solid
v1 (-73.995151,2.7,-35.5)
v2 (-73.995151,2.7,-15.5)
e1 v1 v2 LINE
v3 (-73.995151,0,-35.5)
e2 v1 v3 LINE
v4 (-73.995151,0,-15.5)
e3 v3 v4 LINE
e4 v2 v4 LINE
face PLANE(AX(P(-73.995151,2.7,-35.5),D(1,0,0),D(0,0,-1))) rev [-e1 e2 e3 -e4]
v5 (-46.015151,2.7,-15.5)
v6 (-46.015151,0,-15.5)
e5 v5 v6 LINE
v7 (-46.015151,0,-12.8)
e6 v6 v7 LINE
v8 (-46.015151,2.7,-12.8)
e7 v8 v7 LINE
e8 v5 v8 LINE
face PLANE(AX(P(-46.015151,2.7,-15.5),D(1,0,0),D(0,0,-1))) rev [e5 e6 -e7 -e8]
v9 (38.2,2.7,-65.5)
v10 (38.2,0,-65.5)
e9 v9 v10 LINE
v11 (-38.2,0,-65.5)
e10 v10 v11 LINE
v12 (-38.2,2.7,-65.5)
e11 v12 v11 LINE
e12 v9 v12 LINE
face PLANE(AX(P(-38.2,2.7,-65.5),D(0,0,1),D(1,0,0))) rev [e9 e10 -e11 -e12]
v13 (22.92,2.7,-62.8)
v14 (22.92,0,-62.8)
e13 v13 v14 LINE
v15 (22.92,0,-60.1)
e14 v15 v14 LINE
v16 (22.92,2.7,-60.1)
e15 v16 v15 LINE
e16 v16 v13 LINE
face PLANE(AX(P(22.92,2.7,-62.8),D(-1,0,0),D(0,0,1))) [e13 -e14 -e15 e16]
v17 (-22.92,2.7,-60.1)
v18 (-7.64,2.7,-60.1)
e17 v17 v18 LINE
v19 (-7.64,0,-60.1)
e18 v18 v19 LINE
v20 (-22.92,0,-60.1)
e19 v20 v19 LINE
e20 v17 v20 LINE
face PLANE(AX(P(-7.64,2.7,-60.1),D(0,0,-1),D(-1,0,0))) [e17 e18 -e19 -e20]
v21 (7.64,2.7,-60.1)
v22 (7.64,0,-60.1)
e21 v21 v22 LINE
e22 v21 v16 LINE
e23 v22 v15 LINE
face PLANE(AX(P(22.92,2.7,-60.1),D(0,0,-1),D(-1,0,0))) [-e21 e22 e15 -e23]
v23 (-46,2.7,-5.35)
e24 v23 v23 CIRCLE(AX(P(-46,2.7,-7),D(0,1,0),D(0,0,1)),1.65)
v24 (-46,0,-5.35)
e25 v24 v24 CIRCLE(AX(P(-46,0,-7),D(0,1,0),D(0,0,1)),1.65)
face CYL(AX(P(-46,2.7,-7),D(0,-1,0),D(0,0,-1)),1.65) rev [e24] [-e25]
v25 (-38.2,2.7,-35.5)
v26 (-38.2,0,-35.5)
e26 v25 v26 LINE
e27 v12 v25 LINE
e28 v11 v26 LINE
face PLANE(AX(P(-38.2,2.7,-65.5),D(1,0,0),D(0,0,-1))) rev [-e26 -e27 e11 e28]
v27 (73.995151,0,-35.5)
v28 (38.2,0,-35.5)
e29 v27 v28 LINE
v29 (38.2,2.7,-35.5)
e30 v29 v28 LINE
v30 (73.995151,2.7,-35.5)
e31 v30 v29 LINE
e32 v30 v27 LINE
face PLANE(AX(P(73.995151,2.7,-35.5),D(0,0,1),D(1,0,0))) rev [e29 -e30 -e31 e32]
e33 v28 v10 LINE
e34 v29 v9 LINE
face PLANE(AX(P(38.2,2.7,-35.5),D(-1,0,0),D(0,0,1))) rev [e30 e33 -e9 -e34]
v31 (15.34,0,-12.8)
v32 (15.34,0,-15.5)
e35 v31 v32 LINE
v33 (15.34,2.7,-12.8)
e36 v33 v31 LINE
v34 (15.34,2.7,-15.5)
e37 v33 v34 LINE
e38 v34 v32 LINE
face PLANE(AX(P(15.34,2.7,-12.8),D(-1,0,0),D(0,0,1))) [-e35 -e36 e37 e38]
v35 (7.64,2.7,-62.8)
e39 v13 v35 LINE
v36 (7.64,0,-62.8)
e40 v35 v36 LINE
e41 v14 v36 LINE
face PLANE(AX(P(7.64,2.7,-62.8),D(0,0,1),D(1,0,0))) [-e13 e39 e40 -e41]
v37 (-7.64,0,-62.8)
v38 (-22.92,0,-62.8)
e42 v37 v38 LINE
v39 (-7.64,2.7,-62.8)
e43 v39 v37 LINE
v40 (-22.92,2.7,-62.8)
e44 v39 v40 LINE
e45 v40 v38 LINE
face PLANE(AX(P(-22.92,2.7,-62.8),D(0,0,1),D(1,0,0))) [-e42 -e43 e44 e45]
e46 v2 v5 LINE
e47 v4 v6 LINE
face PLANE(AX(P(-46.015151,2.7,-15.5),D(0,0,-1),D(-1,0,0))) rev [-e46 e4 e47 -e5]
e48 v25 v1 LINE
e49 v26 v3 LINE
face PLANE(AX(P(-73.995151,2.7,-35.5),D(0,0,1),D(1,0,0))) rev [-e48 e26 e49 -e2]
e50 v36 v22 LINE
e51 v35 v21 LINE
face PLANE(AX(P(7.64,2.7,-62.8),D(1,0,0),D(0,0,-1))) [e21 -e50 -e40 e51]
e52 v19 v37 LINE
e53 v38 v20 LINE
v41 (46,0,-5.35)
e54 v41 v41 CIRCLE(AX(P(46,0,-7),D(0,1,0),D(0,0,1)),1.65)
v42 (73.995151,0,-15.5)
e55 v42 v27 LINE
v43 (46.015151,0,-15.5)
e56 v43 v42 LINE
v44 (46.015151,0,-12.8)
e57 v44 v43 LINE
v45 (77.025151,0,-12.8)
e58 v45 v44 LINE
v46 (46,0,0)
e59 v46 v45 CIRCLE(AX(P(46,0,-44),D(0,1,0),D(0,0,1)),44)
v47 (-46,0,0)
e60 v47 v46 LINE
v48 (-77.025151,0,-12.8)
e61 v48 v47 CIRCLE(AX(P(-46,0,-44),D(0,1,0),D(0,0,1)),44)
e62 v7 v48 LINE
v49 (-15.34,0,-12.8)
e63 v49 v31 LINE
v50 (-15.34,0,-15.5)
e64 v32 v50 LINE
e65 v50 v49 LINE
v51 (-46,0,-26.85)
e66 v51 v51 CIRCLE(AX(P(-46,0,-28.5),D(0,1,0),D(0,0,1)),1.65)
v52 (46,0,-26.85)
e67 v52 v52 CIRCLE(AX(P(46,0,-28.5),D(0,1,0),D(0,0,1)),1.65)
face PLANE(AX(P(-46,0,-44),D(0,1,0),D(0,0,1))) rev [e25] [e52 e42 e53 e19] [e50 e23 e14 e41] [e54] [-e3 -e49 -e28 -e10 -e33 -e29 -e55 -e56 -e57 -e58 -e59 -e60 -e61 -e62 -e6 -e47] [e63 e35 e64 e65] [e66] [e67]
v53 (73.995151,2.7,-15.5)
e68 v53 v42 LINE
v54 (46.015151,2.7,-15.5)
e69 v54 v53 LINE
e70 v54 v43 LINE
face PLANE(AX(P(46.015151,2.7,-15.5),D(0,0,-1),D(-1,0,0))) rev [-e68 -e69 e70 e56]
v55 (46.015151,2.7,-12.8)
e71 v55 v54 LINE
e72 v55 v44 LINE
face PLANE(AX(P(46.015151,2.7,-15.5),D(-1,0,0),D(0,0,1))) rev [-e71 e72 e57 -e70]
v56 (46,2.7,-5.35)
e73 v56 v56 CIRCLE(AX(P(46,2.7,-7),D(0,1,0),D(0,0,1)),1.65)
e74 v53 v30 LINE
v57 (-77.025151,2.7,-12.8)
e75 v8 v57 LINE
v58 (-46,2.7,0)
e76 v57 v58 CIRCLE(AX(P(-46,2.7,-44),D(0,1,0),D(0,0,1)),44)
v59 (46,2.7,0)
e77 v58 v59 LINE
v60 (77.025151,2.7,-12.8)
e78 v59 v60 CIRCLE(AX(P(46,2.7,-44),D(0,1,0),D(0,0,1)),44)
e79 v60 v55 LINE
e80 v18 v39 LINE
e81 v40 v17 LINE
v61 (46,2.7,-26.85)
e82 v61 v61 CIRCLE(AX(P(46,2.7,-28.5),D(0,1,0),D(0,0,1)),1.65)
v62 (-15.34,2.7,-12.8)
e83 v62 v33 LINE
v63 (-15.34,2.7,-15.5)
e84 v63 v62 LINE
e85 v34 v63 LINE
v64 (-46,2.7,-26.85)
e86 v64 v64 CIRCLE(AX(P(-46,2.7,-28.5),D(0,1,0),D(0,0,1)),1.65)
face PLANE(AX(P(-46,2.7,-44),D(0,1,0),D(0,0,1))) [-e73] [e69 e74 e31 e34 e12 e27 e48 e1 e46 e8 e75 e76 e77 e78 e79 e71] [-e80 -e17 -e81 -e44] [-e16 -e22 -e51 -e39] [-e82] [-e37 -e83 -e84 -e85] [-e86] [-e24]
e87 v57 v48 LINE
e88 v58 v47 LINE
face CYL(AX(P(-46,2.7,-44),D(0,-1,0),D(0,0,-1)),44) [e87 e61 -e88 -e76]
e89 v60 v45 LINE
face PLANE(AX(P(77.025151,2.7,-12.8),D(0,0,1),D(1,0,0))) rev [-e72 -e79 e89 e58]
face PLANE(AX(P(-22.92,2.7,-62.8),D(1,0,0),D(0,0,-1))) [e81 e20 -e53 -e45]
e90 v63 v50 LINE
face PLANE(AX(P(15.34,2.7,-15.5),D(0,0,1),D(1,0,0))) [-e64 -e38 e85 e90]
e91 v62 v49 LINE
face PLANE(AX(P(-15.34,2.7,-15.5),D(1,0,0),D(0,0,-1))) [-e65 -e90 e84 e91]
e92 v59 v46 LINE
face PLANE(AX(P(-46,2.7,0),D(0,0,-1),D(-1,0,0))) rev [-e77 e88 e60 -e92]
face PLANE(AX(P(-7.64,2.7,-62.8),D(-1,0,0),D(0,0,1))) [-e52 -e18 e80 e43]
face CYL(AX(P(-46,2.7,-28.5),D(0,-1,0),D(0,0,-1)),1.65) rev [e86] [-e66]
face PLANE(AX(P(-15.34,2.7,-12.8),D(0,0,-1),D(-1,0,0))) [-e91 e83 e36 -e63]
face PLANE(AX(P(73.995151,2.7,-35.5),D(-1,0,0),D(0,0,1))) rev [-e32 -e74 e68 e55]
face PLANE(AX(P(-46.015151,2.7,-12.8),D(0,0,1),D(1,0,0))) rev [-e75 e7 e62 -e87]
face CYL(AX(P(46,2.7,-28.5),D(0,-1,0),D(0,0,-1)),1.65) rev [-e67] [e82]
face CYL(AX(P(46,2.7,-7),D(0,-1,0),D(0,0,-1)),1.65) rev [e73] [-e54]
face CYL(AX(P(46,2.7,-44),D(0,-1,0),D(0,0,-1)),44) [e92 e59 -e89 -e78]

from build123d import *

# Parameters (mm, degrees)
SKETCH1_R           = 1.65
SKETCH1_W           = 30.68
SKETCH1_H           = 2.7
SKETCH1_W_2         = 15.28
BOSS_EXTRUDE1_DEPTH = 2.7


with BuildPart() as part:
    # Sketch1 → Boss-Extrude1 (new body)
    with BuildSketch(Plane(origin=(0, 0, 0), x_dir=(1, 0, 0), z_dir=(0, 1, 0))):
        with BuildLine():
            Line((-46, 0), (46, 0))
            ThreePointArc((46, 0), (62.780941571, 3.32568378), (77.025151087, 12.8))
            Line((77.025151087, 12.8), (46.015151087, 12.8))
            Line((46.015151087, 12.8), (46.015151087, 15.5))
            Line((46.015151087, 15.5), (73.995151087, 15.5))
            Line((73.995151087, 15.5), (73.995151087, 35.5))
            Line((73.995151087, 35.5), (38.2, 35.5))
            Line((38.2, 35.5), (38.2, 65.5))
            Line((38.2, 65.5), (-38.2, 65.5))
            Line((-38.2, 65.5), (-38.2, 35.5))
            Line((-38.2, 35.5), (-73.995151087, 35.5))
            Line((-73.995151087, 35.5), (-73.995151087, 15.5))
            Line((-73.995151087, 15.5), (-46.015151087, 15.5))
            Line((-46.015151087, 15.5), (-46.015151087, 12.8))
            Line((-46.015151087, 12.8), (-77.025151087, 12.8))
            ThreePointArc((-77.025151087, 12.8), (-62.780941571, 3.32568378), (-46, 0))
        make_face()
        with Locations((46, 28.5)):
            Circle(SKETCH1_R, mode=Mode.SUBTRACT)
        with Locations((46, 7)):
            Circle(SKETCH1_R, mode=Mode.SUBTRACT)
        with Locations((-46, 7)):
            Circle(SKETCH1_R, mode=Mode.SUBTRACT)
        with Locations((-46, 28.5)):
            Circle(SKETCH1_R, mode=Mode.SUBTRACT)
        with Locations((0, 14.15)):
            Rectangle(SKETCH1_W, SKETCH1_H, mode=Mode.SUBTRACT)
        with Locations((-15.28, 61.45)):
            Rectangle(SKETCH1_W_2, SKETCH1_H, mode=Mode.SUBTRACT)
        with Locations((15.28, 61.45)):
            Rectangle(SKETCH1_W_2, SKETCH1_H, mode=Mode.SUBTRACT)
    extrude(amount=BOSS_EXTRUDE1_DEPTH)


solid = part.part
